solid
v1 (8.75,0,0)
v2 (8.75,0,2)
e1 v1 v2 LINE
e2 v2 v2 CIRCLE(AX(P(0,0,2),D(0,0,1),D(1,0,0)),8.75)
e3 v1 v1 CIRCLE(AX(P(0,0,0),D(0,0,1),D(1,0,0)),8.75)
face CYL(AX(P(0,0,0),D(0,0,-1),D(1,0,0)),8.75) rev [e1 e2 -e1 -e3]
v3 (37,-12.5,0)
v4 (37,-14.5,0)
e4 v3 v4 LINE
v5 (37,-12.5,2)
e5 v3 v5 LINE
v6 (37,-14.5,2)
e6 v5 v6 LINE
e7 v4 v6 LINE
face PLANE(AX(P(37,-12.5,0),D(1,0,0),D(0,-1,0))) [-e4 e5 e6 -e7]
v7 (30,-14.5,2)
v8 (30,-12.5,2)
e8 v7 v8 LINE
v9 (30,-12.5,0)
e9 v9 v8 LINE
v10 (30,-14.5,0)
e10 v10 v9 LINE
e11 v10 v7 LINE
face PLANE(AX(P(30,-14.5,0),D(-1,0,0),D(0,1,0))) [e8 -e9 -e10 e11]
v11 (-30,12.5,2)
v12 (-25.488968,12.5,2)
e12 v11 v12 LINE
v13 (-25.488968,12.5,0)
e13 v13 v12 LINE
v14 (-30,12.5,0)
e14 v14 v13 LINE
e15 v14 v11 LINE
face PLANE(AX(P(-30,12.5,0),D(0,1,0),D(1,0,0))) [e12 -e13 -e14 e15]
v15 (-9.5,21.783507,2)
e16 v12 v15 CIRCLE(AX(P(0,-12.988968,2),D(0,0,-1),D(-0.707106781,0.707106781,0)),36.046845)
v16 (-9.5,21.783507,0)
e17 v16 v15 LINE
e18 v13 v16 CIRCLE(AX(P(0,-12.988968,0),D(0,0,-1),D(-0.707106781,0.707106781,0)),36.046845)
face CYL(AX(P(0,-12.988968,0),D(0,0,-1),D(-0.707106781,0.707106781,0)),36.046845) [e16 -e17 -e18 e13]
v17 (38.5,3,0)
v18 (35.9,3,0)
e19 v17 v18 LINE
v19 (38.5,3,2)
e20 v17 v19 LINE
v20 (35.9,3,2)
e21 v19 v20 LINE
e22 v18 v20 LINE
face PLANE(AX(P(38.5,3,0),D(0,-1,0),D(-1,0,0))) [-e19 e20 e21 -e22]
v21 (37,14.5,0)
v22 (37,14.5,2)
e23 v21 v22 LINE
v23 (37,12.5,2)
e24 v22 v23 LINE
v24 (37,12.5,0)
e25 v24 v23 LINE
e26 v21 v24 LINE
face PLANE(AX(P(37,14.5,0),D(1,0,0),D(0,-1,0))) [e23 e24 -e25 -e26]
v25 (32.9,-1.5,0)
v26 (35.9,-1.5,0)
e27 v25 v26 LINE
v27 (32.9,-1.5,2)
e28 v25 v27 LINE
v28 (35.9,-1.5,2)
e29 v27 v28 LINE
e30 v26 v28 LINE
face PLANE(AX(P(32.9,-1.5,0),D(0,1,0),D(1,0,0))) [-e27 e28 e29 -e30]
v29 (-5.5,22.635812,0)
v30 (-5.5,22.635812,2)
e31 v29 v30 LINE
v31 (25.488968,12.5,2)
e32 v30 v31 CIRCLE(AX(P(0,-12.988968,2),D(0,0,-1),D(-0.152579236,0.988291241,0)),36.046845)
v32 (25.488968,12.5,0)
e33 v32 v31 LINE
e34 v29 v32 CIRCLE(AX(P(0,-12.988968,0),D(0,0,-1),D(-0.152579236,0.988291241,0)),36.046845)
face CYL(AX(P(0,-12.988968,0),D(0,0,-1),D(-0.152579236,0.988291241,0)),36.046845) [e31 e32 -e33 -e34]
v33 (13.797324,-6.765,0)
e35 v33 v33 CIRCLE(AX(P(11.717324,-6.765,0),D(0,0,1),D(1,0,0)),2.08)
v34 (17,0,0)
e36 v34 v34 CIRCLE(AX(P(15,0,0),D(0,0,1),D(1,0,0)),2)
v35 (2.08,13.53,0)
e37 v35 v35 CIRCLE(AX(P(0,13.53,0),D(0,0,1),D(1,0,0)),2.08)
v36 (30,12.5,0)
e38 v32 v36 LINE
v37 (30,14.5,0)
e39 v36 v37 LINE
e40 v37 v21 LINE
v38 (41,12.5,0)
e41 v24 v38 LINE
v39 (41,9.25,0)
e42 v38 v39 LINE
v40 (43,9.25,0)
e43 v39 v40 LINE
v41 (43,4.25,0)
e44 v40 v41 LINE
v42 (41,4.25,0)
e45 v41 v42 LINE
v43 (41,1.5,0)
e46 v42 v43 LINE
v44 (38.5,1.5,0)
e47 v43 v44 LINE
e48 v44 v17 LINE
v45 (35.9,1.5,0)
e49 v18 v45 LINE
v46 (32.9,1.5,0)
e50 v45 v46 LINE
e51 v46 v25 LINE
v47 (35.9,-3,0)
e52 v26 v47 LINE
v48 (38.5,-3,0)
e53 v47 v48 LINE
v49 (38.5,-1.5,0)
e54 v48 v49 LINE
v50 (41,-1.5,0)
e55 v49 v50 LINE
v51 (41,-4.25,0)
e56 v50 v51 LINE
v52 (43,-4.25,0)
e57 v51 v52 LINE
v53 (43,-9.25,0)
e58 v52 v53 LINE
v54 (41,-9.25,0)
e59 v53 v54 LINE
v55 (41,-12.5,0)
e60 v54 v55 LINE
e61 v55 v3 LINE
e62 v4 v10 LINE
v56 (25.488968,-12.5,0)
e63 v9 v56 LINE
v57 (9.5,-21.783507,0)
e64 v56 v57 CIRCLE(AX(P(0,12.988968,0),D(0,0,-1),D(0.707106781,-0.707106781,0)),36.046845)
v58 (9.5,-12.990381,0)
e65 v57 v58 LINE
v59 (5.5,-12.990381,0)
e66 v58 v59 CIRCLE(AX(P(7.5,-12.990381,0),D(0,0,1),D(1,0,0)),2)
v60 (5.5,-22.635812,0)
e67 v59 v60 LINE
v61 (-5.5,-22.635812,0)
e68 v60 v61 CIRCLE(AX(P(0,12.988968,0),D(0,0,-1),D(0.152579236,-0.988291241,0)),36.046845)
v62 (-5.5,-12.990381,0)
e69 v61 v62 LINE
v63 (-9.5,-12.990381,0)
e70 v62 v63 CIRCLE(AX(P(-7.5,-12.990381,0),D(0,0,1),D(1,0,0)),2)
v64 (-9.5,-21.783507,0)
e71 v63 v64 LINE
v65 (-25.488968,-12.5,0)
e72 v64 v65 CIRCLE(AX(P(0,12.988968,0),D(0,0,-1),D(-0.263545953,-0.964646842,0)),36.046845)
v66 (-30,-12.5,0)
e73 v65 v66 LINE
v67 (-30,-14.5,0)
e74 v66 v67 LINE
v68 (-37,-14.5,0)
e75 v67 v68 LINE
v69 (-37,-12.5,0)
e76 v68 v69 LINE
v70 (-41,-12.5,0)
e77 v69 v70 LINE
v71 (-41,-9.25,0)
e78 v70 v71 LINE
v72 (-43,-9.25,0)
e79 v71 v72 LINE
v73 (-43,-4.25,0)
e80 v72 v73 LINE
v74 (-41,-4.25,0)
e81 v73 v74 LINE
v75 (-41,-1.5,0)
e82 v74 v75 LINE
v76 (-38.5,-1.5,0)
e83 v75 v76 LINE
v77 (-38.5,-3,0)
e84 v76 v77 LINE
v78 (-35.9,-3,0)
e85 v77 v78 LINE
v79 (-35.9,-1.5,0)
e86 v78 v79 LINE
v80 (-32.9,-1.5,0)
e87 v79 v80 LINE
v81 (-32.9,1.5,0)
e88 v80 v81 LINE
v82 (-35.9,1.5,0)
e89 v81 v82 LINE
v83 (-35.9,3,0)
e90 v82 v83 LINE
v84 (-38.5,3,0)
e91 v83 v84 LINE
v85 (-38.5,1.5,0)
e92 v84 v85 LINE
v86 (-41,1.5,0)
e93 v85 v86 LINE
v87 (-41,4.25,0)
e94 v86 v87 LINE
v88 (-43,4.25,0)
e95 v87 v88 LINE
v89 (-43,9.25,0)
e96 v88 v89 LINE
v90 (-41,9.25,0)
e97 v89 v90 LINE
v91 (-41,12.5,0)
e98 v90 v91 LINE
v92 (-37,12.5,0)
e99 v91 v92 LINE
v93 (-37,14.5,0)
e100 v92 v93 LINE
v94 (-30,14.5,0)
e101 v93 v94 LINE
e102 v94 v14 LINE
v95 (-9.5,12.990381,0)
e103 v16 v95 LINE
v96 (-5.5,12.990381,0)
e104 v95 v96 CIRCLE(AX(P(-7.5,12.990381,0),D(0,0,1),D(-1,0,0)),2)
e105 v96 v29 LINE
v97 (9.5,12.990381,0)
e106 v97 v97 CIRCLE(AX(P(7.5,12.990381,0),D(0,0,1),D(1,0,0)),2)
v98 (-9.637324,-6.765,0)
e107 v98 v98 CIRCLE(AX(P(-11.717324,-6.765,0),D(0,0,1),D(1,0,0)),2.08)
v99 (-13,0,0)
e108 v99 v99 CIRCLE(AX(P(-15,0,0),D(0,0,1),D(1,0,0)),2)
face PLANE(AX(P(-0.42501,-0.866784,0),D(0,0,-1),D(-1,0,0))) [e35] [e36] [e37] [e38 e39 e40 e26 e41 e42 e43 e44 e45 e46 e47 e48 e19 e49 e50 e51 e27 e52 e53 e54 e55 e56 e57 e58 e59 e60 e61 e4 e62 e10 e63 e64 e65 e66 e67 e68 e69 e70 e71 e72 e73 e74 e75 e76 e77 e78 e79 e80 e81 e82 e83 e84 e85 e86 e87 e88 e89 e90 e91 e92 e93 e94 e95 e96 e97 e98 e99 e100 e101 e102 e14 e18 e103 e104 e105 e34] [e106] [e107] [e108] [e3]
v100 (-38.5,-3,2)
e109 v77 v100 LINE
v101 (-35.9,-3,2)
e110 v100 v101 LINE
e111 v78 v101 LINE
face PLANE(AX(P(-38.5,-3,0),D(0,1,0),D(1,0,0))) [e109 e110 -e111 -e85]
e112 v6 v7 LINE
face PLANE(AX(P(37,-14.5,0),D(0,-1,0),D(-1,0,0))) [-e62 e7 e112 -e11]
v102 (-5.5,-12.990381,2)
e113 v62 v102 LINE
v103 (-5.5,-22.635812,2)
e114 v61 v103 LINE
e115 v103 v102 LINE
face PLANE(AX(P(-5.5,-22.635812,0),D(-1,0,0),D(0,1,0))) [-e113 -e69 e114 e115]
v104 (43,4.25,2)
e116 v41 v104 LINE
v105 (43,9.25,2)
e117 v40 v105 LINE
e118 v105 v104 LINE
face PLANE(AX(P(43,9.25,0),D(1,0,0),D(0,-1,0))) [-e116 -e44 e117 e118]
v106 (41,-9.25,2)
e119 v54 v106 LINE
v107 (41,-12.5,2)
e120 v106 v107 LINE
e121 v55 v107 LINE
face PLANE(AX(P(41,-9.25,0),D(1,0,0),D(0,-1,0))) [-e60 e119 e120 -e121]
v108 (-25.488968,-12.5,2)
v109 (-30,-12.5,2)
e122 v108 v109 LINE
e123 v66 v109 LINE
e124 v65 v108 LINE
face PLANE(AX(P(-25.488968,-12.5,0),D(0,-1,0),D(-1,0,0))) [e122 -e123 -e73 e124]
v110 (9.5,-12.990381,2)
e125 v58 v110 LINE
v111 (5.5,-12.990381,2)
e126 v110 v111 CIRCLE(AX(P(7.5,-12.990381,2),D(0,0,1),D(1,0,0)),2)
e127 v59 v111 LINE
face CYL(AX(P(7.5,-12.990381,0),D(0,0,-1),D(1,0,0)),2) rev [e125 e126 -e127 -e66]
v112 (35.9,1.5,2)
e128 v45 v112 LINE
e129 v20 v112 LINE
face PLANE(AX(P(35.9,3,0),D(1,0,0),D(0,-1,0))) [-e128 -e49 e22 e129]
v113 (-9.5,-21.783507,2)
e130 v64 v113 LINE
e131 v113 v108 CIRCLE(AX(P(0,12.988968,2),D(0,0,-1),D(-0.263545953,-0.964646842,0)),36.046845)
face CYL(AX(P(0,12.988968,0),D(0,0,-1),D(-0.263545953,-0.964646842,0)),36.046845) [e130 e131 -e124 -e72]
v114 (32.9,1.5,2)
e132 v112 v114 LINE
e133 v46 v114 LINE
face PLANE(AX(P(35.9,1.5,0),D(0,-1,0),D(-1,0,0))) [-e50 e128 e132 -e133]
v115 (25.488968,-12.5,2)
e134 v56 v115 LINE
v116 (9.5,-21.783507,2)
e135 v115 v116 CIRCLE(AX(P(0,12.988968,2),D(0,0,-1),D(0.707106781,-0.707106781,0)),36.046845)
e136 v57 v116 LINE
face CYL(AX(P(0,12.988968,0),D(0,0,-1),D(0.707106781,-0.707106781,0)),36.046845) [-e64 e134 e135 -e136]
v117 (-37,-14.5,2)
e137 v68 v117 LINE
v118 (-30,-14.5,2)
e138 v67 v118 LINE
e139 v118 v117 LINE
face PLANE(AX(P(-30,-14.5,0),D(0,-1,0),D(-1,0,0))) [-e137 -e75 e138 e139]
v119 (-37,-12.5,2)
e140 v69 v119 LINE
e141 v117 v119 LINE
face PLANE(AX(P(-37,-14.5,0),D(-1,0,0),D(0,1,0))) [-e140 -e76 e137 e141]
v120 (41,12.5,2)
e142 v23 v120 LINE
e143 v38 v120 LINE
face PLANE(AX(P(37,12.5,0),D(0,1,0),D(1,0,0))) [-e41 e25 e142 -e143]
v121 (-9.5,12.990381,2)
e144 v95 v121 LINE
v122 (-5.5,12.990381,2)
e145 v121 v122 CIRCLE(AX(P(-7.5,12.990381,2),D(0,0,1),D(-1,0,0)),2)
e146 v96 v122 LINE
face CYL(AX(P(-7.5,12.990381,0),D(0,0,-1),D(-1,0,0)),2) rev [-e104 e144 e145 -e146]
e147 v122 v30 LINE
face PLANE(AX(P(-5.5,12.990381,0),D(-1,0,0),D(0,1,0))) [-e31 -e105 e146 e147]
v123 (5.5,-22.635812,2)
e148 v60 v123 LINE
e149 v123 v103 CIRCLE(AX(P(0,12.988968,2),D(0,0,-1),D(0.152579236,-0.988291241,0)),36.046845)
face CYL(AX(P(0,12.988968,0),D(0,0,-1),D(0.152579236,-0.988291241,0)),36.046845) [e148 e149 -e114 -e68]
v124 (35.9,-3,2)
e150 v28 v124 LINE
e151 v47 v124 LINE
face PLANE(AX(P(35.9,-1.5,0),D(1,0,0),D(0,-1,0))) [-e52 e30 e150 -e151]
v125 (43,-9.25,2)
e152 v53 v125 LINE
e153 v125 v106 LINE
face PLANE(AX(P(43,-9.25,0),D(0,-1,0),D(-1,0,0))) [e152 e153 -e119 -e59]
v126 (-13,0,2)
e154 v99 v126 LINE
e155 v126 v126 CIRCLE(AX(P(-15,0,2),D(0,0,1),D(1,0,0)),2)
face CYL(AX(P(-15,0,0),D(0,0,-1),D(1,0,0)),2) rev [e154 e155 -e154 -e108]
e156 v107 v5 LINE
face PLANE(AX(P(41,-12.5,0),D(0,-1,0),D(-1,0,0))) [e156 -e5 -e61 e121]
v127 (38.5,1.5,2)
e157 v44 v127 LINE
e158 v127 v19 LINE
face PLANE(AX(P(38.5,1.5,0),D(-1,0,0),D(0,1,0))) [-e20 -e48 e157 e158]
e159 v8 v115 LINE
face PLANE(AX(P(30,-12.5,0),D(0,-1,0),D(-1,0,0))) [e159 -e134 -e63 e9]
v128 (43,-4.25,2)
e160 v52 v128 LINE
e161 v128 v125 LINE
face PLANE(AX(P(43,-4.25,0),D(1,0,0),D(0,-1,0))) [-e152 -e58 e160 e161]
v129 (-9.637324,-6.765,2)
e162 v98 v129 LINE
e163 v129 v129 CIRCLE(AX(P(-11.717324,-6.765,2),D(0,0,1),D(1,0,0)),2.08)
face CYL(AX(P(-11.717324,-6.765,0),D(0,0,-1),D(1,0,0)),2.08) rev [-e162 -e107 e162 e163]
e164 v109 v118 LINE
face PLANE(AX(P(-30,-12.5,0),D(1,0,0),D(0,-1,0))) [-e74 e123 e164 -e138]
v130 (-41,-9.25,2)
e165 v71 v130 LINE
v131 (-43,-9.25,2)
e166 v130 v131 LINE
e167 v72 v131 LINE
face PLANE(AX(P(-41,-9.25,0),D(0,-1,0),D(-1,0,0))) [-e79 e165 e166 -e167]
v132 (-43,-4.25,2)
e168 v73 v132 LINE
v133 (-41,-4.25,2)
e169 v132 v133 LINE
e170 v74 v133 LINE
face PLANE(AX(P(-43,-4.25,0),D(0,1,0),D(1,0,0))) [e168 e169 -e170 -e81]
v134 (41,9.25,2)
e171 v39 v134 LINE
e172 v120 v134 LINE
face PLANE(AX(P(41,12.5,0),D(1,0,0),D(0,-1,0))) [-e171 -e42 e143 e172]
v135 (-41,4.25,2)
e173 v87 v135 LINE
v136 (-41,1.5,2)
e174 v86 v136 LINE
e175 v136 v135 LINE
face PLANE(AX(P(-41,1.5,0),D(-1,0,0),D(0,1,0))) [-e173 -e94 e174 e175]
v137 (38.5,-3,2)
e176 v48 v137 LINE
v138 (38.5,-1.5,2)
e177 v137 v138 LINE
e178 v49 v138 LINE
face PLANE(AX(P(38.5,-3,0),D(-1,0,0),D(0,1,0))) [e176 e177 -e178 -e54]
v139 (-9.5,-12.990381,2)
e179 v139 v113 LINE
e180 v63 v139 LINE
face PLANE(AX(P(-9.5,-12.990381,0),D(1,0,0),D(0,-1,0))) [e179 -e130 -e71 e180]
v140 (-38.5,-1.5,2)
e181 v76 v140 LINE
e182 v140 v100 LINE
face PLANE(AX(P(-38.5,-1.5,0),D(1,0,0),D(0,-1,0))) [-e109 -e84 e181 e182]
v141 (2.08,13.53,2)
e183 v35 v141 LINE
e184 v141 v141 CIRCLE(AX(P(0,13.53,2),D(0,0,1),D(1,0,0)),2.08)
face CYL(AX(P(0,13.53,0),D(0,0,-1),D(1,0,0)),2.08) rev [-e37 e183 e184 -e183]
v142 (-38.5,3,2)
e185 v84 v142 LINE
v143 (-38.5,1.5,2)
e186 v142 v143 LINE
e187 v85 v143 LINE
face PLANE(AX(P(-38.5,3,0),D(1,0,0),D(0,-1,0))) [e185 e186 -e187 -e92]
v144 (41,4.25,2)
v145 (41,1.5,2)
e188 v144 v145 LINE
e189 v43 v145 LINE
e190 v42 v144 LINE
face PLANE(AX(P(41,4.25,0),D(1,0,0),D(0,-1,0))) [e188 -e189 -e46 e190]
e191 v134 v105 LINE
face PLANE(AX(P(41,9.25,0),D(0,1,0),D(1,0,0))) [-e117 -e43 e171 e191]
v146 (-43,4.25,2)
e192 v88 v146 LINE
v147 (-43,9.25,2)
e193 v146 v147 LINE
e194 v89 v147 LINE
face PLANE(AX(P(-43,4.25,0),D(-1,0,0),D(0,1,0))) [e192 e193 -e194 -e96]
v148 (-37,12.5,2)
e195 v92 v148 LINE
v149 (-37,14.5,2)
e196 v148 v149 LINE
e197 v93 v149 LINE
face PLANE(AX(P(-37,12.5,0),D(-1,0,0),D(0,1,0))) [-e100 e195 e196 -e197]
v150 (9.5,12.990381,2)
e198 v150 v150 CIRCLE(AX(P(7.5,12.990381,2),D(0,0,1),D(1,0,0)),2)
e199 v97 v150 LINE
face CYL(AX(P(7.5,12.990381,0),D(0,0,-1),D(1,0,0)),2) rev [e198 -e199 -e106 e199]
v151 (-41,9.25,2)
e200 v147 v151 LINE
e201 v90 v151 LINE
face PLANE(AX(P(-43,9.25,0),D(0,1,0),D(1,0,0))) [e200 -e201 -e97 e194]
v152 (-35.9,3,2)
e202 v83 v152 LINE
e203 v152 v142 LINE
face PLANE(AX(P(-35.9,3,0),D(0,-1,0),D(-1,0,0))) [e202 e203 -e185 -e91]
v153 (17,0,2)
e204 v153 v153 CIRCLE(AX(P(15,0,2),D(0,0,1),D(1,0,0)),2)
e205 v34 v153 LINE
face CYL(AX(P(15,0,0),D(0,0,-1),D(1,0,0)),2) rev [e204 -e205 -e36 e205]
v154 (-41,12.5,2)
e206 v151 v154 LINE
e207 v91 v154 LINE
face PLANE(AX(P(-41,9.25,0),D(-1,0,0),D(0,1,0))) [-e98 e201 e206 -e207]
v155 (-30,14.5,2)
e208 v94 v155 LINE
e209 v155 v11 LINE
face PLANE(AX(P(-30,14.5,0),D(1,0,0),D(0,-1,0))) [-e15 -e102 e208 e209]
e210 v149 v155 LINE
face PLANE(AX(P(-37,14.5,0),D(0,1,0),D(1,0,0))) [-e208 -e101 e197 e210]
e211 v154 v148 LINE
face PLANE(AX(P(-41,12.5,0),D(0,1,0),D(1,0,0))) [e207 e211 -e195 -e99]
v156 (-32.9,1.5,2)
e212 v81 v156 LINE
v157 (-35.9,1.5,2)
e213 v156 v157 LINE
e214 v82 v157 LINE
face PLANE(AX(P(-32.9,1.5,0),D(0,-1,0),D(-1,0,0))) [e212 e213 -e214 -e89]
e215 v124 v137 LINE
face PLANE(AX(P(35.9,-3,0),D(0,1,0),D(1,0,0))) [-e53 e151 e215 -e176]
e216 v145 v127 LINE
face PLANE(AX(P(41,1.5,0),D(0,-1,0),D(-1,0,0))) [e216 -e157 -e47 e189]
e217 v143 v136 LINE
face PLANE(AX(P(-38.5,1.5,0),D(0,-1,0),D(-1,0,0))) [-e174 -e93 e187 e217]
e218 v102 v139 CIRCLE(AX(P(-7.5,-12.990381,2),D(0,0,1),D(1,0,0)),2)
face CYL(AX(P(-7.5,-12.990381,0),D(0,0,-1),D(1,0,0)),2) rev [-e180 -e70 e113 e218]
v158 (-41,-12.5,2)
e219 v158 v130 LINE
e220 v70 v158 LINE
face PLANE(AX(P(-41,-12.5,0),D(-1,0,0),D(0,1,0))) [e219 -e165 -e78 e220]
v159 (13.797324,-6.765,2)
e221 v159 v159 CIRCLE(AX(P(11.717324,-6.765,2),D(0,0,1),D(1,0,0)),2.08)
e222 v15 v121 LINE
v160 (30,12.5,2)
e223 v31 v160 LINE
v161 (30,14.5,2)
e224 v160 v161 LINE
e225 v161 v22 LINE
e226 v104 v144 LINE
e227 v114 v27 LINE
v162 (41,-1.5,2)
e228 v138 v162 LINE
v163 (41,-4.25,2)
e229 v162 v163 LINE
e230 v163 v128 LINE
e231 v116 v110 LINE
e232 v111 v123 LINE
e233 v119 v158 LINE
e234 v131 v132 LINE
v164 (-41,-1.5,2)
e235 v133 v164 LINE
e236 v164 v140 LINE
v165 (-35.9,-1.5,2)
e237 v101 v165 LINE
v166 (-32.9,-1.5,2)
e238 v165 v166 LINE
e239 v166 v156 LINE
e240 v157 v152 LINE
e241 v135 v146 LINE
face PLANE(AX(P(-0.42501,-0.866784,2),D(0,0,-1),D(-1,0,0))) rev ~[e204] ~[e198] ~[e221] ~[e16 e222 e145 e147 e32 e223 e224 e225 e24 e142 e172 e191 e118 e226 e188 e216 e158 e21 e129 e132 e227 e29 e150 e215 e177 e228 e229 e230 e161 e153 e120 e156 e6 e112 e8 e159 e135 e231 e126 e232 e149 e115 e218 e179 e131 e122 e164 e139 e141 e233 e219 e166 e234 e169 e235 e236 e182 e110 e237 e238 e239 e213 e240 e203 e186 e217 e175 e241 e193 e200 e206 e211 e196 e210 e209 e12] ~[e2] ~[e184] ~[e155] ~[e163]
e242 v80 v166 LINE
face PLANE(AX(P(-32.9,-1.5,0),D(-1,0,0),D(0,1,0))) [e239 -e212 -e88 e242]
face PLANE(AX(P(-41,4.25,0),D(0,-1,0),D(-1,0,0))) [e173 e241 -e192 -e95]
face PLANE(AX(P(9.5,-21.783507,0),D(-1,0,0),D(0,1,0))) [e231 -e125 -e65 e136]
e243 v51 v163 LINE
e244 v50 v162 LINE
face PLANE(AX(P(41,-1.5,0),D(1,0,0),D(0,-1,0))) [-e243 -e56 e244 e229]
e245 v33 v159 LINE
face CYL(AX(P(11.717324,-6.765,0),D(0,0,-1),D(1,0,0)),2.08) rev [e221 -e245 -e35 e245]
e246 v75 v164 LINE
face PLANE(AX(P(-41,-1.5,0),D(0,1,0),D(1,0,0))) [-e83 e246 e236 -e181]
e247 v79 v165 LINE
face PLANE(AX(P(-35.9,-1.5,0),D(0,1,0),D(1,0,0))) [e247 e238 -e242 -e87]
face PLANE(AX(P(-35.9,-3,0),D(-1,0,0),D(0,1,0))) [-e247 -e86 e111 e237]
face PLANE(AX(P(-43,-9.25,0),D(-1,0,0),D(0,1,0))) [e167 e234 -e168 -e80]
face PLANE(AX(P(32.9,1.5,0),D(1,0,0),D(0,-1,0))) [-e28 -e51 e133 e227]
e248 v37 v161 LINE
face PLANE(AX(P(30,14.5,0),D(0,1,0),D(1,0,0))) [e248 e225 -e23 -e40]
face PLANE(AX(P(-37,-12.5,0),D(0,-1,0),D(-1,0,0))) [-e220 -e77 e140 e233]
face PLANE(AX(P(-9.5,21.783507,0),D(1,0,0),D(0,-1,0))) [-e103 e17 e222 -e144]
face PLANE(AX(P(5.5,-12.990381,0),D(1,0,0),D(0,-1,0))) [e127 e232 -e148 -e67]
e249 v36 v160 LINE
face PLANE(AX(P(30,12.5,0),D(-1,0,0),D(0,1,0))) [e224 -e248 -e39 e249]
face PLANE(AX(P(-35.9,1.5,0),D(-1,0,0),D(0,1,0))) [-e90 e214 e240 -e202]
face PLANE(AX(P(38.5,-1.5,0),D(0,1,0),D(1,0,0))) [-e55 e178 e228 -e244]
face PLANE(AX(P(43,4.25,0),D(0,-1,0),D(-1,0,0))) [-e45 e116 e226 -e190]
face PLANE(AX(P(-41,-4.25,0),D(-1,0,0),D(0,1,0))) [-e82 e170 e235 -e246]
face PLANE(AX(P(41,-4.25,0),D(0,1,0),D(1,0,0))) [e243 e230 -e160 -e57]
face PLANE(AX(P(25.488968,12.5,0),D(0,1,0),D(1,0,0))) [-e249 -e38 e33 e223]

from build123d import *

# Parameters (mm, degrees)
SKETCH_1_R      = 2
SKETCH_1_R_2    = 2.08
SKETCH_1_R_3    = 8.75
EXTRUDE_2_DEPTH = 2


with BuildPart() as part:
    # 草图1 → 凸台-拉伸2 (new body)
    with BuildSketch(Plane.XY):
        with BuildLine():
            Line((-41, 4.25), (-43, 4.25))
            Line((-43, 4.25), (-43, 9.25))
            Line((-43, 9.25), (-41, 9.25))
            Line((-41, 9.25), (-41, 12.5))
            Line((-41, 12.5), (-37, 12.5))
            Line((-37, 12.5), (-37, 14.5))
            Line((-37, 14.5), (-30, 14.5))
            Line((-30, 14.5), (-30, 12.5))
            Line((-30, 12.5), (-25.488968202, 12.5))
            ThreePointArc((-25.488968202, 12.5), (-18.099802413, 18.184292016), (-9.5, 21.783506545))
            Line((-9.5, 21.783506545), (-9.5, 12.990381057))
            ThreePointArc((-9.5, 12.990381057), (-7.5, 10.990381057), (-5.5, 12.990381057))
            Line((-5.5, 12.990381057), (-5.5, 22.635812499))
            ThreePointArc((-5.5, 22.635812499), (11.205953159, 21.271820081), (25.488968202, 12.5))
            Line((25.488968202, 12.5), (30, 12.5))
            Line((30, 12.5), (30, 14.5))
            Line((30, 14.5), (37, 14.5))
            Line((37, 14.5), (37, 12.5))
            Line((37, 12.5), (41, 12.5))
            Line((41, 12.5), (41, 9.25))
            Line((41, 9.25), (43, 9.25))
            Line((43, 9.25), (43, 4.25))
            Line((43, 4.25), (41, 4.25))
            Line((41, 4.25), (41, 1.5))
            Line((41, 1.5), (38.5, 1.5))
            Line((38.5, 1.5), (38.5, 3))
            Line((38.5, 3), (35.9, 3))
            Line((35.9, 3), (35.9, 1.5))
            Line((35.9, 1.5), (32.9, 1.5))
            Line((32.9, 1.5), (32.9, -1.5))
            Line((32.9, -1.5), (35.9, -1.5))
            Line((35.9, -1.5), (35.9, -3))
            Line((35.9, -3), (38.5, -3))
            Line((38.5, -3), (38.5, -1.5))
            Line((38.5, -1.5), (41, -1.5))
            Line((41, -1.5), (41, -4.25))
            Line((41, -4.25), (43, -4.25))
            Line((43, -4.25), (43, -9.25))
            Line((43, -9.25), (41, -9.25))
            Line((41, -9.25), (41, -12.5))
            Line((41, -12.5), (37, -12.5))
            Line((37, -12.5), (37, -14.5))
            Line((37, -14.5), (30, -14.5))
            Line((30, -14.5), (30, -12.5))
            Line((30, -12.5), (25.488968202, -12.5))
            ThreePointArc((25.488968202, -12.5), (18.099802413, -18.184292016), (9.5, -21.783506545))
            Line((9.5, -21.783506545), (9.5, -12.990381057))
            ThreePointArc((9.5, -12.990381057), (7.5, -10.990381057), (5.5, -12.990381057))
            Line((5.5, -12.990381057), (5.5, -22.635812499))
            ThreePointArc((5.5, -22.635812499), (0, -23.05787632), (-5.5, -22.635812499))
            Line((-5.5, -22.635812499), (-5.5, -12.990381057))
            ThreePointArc((-5.5, -12.990381057), (-7.5, -10.990381057), (-9.5, -12.990381057))
            Line((-9.5, -12.990381057), (-9.5, -21.783506545))
            ThreePointArc((-9.5, -21.783506545), (-18.099802413, -18.184292016), (-25.488968202, -12.5))
            Line((-25.488968202, -12.5), (-30, -12.5))
            Line((-30, -12.5), (-30, -14.5))
            Line((-30, -14.5), (-37, -14.5))
            Line((-37, -14.5), (-37, -12.5))
            Line((-37, -12.5), (-41, -12.5))
            Line((-41, -12.5), (-41, -9.25))
            Line((-41, -9.25), (-43, -9.25))
            Line((-43, -9.25), (-43, -4.25))
            Line((-43, -4.25), (-41, -4.25))
            Line((-41, -4.25), (-41, -1.5))
            Line((-41, -1.5), (-38.5, -1.5))
            Line((-38.5, -1.5), (-38.5, -3))
            Line((-38.5, -3), (-35.9, -3))
            Line((-35.9, -3), (-35.9, -1.5))
            Line((-35.9, -1.5), (-32.9, -1.5))
            Line((-32.9, -1.5), (-32.9, 1.5))
            Line((-32.9, 1.5), (-35.9, 1.5))
            Line((-35.9, 1.5), (-35.9, 3))
            Line((-35.9, 3), (-38.5, 3))
            Line((-38.5, 3), (-38.5, 1.5))
            Line((-38.5, 1.5), (-41, 1.5))
            Line((-41, 1.5), (-41, 4.25))
        make_face()
        with Locations((-15, 0)):
            Circle(SKETCH_1_R, mode=Mode.SUBTRACT)
        with Locations((7.5, 12.990381057)):
            Circle(SKETCH_1_R, mode=Mode.SUBTRACT)
        with Locations((15, 0)):
            Circle(SKETCH_1_R, mode=Mode.SUBTRACT)
        with Locations((0, 13.53)):
            Circle(SKETCH_1_R_2, mode=Mode.SUBTRACT)
        with Locations((11.717323713, -6.765)):
            Circle(SKETCH_1_R_2, mode=Mode.SUBTRACT)
        with Locations((-11.717323713, -6.765)):
            Circle(SKETCH_1_R_2, mode=Mode.SUBTRACT)
        Circle(SKETCH_1_R_3, mode=Mode.SUBTRACT)
    extrude(amount=EXTRUDE_2_DEPTH)


solid = part.part
